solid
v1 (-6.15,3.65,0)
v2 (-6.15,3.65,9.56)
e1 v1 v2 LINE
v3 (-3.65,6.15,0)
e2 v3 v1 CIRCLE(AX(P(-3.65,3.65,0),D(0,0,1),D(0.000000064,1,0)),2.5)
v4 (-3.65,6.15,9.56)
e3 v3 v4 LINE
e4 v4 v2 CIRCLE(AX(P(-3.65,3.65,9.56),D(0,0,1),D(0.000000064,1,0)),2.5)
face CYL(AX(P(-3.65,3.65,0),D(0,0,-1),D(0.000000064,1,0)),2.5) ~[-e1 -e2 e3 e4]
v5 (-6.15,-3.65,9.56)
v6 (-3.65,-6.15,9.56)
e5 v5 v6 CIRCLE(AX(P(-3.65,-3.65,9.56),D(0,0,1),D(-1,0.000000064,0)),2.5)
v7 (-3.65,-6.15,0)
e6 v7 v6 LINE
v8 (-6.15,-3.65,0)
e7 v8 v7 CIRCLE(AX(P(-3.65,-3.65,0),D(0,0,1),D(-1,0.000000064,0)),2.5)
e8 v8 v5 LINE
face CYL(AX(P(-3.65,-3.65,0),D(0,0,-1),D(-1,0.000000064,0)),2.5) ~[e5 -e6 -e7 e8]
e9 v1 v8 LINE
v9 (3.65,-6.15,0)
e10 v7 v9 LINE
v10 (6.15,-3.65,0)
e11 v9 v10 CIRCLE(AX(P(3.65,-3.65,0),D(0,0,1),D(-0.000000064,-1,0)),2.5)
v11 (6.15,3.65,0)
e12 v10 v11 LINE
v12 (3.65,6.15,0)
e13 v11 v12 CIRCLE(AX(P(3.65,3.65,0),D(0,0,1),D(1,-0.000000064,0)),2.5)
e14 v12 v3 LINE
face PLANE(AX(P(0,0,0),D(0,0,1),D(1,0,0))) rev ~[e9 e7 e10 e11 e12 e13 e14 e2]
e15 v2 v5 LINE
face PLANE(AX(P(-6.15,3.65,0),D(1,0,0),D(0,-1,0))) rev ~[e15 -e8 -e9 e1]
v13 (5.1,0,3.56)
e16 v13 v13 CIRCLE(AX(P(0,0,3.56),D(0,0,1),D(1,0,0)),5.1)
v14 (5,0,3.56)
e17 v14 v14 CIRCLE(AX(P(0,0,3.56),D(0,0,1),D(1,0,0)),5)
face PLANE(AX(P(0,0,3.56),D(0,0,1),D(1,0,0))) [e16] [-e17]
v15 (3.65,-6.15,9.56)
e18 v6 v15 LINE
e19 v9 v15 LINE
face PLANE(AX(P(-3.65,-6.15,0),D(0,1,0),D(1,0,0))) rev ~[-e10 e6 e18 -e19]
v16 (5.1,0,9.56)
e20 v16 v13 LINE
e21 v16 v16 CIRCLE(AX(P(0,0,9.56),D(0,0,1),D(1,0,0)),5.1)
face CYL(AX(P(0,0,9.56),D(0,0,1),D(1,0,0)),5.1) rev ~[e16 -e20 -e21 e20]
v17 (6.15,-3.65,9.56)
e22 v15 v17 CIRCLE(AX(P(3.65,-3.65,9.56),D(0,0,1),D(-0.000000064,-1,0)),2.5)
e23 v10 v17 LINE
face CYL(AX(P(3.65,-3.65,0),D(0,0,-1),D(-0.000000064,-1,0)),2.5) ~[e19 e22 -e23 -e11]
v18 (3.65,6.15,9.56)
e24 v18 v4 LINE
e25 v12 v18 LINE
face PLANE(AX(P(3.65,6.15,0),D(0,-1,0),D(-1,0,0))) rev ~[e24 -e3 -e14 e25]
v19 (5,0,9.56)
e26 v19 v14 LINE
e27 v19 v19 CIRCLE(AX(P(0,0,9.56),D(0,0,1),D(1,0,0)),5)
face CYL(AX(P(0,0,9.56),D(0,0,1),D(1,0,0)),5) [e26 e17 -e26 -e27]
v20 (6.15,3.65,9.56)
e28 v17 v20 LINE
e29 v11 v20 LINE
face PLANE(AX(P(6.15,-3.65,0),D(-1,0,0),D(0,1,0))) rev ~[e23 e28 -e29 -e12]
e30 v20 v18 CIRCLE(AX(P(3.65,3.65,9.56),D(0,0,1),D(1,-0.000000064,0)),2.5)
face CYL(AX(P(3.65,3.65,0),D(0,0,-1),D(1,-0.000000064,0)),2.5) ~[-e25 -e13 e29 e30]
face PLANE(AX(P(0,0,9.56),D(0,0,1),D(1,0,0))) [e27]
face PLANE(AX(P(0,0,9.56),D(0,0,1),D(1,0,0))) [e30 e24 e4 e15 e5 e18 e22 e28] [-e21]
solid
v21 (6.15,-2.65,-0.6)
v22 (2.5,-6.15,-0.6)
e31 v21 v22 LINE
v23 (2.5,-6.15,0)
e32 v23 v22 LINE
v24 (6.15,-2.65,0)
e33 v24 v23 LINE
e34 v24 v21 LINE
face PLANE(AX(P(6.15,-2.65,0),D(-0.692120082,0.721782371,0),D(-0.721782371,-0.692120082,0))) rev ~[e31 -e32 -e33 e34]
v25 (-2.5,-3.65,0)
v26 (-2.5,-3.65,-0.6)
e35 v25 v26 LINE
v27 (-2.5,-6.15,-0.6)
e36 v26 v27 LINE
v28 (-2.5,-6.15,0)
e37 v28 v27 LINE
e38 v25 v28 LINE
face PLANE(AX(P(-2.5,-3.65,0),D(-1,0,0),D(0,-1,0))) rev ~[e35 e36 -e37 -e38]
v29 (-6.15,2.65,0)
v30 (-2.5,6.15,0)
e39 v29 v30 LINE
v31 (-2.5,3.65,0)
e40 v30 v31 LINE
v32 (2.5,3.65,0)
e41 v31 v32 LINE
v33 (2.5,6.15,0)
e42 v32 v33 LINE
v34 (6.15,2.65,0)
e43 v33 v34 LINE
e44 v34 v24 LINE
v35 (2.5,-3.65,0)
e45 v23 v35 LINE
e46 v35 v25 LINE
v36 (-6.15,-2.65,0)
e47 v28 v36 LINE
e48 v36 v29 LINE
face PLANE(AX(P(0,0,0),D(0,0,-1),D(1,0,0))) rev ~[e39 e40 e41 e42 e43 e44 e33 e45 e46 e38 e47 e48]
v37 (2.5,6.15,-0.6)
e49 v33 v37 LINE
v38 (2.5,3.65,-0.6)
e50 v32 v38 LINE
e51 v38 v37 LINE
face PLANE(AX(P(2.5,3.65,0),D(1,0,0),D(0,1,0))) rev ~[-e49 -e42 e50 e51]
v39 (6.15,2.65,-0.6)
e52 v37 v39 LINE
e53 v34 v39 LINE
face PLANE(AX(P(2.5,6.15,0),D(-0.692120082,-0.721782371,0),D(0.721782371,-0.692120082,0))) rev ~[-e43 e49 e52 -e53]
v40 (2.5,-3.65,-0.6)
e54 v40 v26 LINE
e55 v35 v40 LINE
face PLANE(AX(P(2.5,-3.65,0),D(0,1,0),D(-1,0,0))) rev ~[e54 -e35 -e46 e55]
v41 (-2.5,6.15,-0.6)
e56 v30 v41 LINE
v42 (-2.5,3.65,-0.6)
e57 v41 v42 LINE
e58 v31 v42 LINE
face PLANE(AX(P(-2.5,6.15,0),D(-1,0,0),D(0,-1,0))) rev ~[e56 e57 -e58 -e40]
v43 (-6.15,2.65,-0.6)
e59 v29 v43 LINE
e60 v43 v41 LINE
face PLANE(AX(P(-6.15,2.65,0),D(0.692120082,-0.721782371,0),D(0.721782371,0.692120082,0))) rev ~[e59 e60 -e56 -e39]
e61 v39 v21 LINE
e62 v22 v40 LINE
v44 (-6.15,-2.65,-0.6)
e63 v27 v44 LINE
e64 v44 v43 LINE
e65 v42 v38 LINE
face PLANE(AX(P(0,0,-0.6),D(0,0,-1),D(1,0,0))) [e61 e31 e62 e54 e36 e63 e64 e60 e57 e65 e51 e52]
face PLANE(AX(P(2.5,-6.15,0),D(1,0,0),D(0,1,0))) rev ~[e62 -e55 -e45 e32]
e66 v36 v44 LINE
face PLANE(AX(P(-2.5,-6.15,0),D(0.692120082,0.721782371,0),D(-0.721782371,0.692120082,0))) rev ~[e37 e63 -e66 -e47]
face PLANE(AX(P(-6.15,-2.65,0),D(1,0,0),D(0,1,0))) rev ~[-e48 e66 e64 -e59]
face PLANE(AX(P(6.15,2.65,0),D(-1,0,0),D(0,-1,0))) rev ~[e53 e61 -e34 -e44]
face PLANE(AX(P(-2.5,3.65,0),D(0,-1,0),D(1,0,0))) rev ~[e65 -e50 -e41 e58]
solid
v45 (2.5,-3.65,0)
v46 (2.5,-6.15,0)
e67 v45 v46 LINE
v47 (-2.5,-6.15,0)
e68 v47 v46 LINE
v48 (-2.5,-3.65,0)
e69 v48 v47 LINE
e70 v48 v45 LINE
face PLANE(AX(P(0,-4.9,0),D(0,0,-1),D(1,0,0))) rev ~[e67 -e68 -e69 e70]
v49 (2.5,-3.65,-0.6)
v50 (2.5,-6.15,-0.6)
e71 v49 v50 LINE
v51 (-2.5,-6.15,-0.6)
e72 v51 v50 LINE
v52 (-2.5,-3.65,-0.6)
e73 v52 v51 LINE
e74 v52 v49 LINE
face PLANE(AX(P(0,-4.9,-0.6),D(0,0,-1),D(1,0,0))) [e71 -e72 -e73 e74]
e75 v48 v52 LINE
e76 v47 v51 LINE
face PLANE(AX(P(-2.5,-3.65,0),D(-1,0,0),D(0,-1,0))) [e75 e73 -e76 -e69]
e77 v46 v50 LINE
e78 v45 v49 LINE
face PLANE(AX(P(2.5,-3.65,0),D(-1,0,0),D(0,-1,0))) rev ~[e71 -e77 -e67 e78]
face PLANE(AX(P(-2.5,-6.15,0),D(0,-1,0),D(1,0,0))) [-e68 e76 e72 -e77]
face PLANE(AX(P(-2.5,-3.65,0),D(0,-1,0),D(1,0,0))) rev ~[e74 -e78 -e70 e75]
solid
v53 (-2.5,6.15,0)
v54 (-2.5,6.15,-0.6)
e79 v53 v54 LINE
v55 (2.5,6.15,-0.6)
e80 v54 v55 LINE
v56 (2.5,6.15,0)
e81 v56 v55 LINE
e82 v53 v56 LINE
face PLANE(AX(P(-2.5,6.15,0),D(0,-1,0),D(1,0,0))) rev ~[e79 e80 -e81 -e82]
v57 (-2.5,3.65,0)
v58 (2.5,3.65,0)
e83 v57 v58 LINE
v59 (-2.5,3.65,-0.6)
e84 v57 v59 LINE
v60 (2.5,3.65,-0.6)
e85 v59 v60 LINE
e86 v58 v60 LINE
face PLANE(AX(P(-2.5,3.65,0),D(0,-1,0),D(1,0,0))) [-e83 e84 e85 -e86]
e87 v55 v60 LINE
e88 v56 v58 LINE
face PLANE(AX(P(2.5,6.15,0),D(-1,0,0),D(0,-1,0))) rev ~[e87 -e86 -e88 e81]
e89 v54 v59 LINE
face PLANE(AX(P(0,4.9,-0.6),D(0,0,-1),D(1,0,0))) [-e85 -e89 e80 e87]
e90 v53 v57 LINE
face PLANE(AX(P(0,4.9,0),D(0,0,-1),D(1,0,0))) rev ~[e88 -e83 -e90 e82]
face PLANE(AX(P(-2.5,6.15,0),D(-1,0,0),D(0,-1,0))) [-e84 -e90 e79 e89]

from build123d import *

# Parameters (mm, degrees)
F1_DEPTH = 9.56
F2_R     = 3.995737
F3_DEPTH = 1
F4_R     = 5.1
F4_R_2   = 5
F5_DEPTH = 6
F7_DEPTH = 0.6
F8_W     = 5
F8_H     = 2.5
F9_DEPTH = 0.6


with BuildPart() as f1:
    # F0 (on Top) → F1 (new body)
    with BuildSketch(Plane.XY):
        with BuildLine():
            Line((-3.65, -6.15), (3.65, -6.15))
            ThreePointArc((3.65, -6.15), (5.417767, -5.417767), (6.15, -3.65))
            Line((6.15, -3.65), (6.15, 3.65))
            ThreePointArc((6.15, 3.65), (5.417767, 5.417767), (3.65, 6.15))
            Line((3.65, 6.15), (-3.65, 6.15))
            ThreePointArc((-3.65, 6.15), (-5.417767, 5.417767), (-6.15, 3.65))
            Line((-6.15, 3.65), (-6.15, -3.65))
            ThreePointArc((-6.15, -3.65), (-5.417767, -5.417767), (-3.65, -6.15))
        make_face()
    extrude(amount=F1_DEPTH)

    # F2 (on face) → F3 (join)
    with BuildSketch(Plane.XY.offset(9.56)):
        Circle(F2_R)
    extrude(amount=-F3_DEPTH)

    # F4 (on face) → F5 (cut)
    with BuildSketch(Plane.XY.offset(9.56)):
        Circle(F4_R)
        Circle(F4_R_2, mode=Mode.SUBTRACT)
    extrude(amount=-F5_DEPTH, mode=Mode.SUBTRACT)


with BuildPart() as f7:
    # F6 (on face) → F7 (new body)
    with BuildSketch(Plane(origin=(0, 0, 0), x_dir=(1, 0, 0), z_dir=(0, 0, -1))):
        Polygon((-6.15, 2.65), (-6.15, -2.65), (-2.5, -6.15), (-2.5, -3.65), (2.5, -3.65), (2.5, -6.15), (6.15, -2.65), (6.15, 2.65), (2.5, 6.15), (2.5, 3.65), (-2.5, 3.65), (-2.5, 6.15), align=None)
    extrude(amount=F7_DEPTH)


with BuildPart() as f9:
    # F8 (on face) → F9 (new body)
    with BuildSketch(Plane(origin=(0, 0, 0), x_dir=(1, 0, 0), z_dir=(0, 0, -1))):
        with Locations((0, -4.9)):
            Rectangle(F8_W, F8_H)
        with Locations((0, 4.9)):
            Rectangle(F8_W, F8_H)
    extrude(amount=F9_DEPTH)


solid = Compound([f1.part, f7.part, f9.part])
